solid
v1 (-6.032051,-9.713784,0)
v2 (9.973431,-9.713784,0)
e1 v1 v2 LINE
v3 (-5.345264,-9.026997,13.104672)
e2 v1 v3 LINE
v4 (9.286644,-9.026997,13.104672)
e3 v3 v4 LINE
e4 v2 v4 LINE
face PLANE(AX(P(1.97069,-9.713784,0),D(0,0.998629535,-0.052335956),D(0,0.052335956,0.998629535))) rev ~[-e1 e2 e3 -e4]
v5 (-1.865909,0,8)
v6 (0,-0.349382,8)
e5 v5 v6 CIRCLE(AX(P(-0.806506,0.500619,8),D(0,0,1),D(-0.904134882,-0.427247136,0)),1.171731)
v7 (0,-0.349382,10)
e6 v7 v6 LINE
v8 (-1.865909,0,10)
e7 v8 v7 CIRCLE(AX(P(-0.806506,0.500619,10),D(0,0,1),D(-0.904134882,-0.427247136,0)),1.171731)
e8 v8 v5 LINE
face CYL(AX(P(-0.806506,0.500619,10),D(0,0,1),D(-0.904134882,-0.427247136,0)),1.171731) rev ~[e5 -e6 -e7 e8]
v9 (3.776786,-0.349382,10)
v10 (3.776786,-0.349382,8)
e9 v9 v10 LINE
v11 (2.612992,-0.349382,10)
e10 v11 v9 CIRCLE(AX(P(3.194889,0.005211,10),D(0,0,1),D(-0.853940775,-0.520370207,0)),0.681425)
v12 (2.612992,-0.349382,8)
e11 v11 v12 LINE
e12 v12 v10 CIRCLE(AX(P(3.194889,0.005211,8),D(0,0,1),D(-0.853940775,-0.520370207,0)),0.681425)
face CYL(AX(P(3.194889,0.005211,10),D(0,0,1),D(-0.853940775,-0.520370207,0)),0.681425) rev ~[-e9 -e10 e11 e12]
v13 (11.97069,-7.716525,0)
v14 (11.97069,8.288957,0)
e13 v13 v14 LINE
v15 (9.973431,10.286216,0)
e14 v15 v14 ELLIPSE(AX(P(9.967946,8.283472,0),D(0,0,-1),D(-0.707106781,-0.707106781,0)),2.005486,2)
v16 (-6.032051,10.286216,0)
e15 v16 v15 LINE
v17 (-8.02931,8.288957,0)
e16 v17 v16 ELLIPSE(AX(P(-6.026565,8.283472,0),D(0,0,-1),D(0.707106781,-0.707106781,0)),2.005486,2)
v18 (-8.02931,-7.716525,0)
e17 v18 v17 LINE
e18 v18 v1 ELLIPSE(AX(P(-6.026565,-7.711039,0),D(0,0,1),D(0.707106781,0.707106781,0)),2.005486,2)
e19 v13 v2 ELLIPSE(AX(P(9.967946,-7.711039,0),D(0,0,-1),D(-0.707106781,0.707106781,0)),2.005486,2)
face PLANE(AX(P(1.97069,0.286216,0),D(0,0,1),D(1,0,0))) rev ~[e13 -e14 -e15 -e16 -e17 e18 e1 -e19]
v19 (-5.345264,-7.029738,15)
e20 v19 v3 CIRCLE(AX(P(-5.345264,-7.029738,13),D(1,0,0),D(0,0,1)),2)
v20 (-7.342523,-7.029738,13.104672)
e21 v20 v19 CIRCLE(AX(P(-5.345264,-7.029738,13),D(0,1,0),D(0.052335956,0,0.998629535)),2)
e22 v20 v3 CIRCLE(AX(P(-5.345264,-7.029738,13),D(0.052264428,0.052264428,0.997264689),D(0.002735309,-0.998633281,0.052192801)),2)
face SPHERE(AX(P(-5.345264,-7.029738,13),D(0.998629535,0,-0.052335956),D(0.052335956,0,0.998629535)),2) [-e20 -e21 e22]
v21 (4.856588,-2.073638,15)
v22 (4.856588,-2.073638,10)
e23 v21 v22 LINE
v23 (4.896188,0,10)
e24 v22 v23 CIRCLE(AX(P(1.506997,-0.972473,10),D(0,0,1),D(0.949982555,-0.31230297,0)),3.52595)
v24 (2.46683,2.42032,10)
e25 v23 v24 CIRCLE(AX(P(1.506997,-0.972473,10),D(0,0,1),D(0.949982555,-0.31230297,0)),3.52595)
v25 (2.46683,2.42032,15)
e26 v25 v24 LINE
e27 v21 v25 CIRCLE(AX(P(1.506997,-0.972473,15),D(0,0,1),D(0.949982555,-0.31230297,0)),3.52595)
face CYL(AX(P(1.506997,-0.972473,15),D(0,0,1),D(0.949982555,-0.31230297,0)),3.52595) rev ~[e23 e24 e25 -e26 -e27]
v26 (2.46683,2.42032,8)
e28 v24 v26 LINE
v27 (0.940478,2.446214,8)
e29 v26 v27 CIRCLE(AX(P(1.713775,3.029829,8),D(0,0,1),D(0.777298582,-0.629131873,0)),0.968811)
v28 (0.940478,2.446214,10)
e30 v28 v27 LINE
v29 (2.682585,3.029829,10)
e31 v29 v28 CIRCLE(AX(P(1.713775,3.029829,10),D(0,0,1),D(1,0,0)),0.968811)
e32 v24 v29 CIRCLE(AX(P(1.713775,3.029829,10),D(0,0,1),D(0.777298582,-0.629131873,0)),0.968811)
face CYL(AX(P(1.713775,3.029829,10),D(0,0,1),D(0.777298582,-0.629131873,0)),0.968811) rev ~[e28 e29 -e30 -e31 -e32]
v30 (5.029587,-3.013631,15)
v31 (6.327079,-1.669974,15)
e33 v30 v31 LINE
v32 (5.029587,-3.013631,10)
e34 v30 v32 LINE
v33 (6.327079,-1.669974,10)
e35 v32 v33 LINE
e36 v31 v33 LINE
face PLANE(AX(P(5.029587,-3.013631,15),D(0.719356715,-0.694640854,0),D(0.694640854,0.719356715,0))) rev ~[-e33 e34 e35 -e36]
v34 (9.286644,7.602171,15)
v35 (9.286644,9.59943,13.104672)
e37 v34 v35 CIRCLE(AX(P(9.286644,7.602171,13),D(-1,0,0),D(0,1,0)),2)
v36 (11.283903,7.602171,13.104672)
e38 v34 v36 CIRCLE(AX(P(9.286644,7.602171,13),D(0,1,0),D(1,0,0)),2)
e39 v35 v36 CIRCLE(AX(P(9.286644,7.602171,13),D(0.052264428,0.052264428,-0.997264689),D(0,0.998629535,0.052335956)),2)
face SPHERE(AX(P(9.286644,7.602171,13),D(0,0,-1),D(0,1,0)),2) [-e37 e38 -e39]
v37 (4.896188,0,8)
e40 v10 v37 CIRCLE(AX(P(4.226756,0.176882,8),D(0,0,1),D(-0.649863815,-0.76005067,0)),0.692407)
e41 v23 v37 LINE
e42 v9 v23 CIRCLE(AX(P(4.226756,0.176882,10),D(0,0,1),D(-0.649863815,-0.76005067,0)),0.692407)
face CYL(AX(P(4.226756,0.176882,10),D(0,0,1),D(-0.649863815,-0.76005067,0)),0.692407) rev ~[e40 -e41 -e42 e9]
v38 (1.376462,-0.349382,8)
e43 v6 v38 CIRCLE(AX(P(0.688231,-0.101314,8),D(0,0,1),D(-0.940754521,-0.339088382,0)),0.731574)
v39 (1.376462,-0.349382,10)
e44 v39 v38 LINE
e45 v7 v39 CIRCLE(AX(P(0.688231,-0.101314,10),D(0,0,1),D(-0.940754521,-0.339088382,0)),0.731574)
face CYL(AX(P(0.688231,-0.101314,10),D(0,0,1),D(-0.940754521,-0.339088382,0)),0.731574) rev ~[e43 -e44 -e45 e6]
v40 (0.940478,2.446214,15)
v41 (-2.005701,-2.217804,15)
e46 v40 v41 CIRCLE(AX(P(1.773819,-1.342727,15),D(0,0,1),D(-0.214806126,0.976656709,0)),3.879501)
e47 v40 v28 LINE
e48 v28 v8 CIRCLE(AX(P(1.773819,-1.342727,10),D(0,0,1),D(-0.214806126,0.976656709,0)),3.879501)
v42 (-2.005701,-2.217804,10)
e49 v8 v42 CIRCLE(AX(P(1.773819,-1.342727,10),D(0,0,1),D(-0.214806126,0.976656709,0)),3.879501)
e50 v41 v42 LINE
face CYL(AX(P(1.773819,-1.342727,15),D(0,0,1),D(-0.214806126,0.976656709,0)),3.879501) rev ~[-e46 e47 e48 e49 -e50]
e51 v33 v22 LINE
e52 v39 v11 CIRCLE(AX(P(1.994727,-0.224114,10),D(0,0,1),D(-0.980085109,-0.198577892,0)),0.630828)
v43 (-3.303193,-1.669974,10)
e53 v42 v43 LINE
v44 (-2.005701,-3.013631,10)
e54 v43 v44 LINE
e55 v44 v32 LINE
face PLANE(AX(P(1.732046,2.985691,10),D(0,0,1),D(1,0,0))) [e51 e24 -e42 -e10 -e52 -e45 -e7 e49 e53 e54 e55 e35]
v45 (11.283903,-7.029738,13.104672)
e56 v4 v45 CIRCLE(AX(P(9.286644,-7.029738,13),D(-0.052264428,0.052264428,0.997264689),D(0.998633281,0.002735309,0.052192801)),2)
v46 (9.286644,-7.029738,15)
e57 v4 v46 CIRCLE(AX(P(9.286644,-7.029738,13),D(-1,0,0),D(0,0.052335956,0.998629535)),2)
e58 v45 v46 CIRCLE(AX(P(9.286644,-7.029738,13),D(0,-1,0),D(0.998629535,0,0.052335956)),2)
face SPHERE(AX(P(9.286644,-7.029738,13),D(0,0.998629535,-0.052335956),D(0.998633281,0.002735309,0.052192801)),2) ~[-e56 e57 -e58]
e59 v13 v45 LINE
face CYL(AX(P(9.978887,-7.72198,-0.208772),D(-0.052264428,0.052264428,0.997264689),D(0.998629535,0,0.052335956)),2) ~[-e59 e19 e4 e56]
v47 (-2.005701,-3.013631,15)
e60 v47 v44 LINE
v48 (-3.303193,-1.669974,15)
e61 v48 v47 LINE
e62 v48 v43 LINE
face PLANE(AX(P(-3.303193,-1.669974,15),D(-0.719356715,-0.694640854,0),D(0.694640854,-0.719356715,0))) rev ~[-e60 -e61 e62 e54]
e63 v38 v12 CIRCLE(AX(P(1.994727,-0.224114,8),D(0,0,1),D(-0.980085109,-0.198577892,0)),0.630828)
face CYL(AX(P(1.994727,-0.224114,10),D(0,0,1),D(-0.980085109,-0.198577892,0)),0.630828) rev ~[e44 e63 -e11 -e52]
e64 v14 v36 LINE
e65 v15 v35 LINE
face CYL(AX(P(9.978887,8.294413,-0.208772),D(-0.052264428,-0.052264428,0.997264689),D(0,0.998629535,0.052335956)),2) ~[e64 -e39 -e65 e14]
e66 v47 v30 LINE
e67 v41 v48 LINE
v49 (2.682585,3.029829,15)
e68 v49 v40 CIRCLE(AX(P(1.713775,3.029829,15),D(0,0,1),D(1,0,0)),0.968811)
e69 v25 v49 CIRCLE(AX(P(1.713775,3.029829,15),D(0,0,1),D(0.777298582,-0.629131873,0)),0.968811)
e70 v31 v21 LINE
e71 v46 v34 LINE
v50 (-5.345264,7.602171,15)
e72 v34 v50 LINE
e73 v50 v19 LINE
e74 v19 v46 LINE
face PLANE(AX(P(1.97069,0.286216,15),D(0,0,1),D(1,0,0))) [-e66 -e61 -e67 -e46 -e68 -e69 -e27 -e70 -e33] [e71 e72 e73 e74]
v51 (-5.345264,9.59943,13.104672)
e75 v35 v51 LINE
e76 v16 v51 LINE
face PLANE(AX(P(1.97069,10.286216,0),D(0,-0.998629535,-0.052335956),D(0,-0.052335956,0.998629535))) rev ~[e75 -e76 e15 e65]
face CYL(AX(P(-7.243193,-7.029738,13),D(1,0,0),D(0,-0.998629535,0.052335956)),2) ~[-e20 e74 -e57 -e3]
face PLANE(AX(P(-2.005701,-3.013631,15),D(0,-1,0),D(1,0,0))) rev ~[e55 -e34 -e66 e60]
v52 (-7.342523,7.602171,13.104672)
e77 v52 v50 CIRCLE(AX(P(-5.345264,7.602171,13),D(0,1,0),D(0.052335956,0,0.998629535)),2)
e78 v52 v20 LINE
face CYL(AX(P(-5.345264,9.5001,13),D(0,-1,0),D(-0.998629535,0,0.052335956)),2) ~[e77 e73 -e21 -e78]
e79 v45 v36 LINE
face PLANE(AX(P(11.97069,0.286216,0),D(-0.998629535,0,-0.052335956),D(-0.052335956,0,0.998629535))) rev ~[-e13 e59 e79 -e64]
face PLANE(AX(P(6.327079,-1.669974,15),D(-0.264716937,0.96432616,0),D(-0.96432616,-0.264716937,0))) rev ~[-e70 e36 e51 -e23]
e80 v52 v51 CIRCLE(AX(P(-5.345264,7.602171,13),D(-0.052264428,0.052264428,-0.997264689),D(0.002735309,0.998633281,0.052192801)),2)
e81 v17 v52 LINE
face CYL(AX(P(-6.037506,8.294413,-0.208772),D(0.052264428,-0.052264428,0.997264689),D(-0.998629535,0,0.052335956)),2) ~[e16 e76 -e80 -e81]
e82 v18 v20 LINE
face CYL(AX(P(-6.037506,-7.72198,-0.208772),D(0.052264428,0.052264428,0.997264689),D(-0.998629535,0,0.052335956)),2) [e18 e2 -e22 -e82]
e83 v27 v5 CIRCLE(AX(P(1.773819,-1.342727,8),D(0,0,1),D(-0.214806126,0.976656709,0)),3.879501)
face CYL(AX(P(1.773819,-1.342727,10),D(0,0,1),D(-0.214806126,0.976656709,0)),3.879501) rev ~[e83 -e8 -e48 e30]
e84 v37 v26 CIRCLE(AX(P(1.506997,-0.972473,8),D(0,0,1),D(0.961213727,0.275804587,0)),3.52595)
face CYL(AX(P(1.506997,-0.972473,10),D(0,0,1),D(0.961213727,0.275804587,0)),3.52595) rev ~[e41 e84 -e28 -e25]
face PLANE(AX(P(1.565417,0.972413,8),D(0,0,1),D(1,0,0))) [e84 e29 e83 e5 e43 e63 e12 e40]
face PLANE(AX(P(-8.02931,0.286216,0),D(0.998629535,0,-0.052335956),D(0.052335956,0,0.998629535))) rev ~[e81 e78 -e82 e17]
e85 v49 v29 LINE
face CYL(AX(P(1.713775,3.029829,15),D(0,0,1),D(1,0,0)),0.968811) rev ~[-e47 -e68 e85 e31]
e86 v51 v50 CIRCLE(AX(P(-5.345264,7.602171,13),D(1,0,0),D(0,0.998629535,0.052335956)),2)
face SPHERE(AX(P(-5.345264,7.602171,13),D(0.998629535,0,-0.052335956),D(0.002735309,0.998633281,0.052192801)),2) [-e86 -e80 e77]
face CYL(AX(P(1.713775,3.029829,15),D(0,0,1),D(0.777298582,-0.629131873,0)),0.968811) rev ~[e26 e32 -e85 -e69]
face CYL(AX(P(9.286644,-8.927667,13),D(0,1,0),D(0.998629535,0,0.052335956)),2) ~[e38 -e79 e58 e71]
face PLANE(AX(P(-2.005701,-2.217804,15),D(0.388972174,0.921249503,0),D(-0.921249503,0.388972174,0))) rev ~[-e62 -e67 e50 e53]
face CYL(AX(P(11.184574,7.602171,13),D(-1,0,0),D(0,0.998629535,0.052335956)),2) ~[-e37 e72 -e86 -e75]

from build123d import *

# Parameters (mm, degrees)
F0_W     = 20
F0_H     = 20
F1_DEPTH = 15
F1_TAPER = 3
F2_R     = 2
F4_DEPTH = 5
F6_DEPTH = 2


with BuildPart() as f1:
    # F0 (on Top) → F1 (new body)
    with BuildSketch(Plane.XY):
        with Locations((1.9706902094, 0.2862163961)):
            Rectangle(F0_W, F0_H)
    extrude(amount=F1_DEPTH, taper=F1_TAPER)

    # F2
    f2_edges = [f1.edges().sort_by_distance(p)[0] for p in [
        (11.577632, 9.893158, 7.5),
        (1.97069, 9.5001, 15),
        (-7.636251, 9.893158, 7.5),
        (11.184574, 0.286216, 15),
        (11.577632, -9.320725, 7.5),
        (1.97069, -8.927667, 15),
        (-7.243193, 0.286216, 15),
        (-7.636251, -9.320725, 7.5),
    ]]
    fillet(f2_edges, radius=F2_R)

    # F3 (on face) → F4 (cut)
    with BuildSketch(Plane.XY.offset(15)):
        with BuildLine():
            ThreePointArc((2.4668298597, 2.420319631), (2.6270550618, 2.7065444383), (2.6825853886, 3.0298293568))
            ThreePointArc((2.6825853886, 3.0298293568), (1.4060278584, 3.9484621473), (0.9404779675, 2.446214288))
            ThreePointArc((0.9404779675, 2.446214288), (1.6973410612, 2.0611579891), (2.4668298597, 2.420319631))
        make_face()
        with BuildLine():
            ThreePointArc((2.4668298597, 2.420319631), (1.6973410612, 2.0611579891), (0.9404779675, 2.446214288))
            ThreePointArc((0.9404779675, 2.446214288), (-1.5061031251, 0.7291430041), (-2.005701419, -2.2178036161))
            Line((-2.005701419, -2.2178036161), (-3.3031930216, -1.6699736007))
            Line((-3.3031930216, -1.6699736007), (-2.005701419, -3.0136309616))
            Line((-2.005701419, -3.0136309616), (5.0295870751, -3.0136309616))
            Line((5.0295870751, -3.0136309616), (6.3270786777, -1.6699736007))
            Line((6.3270786777, -1.6699736007), (4.8565878533, -2.0736376755))
            ThreePointArc((4.8565878533, -2.0736376755), (4.6201459688, 0.6830104281), (2.4668298597, 2.420319631))
        make_face()
    extrude(amount=-F4_DEPTH, mode=Mode.SUBTRACT)

    # F5 (on face) → F6 (cut)
    with BuildSketch(Plane.XY.offset(10)):
        with BuildLine():
            ThreePointArc((0.9404779675, 2.446214288), (-0.7753137079, 1.5817313603), (-1.8659088252, 0))
            ThreePointArc((-1.8659088252, 0), (-1.0221589161, -0.6510962238), (0, -0.3493822005))
            ThreePointArc((0, -0.3493822005), (0.6882312009, -0.8328877124), (1.3764624018, -0.3493822005))
            ThreePointArc((1.3764624018, -0.3493822005), (1.9947274122, -0.8549416092), (2.6129924227, -0.3493822005))
            ThreePointArc((2.6129924227, -0.3493822005), (3.1948891701, -0.6762140192), (3.7767859176, -0.3493822005))
            ThreePointArc((3.7767859176, -0.3493822005), (4.4330516654, -0.4840787766), (4.8961884025, 0))
            ThreePointArc((4.8961884025, 0), (3.9955688533, 1.5253924233), (2.4668298597, 2.420319631))
            ThreePointArc((2.4668298597, 2.420319631), (1.7302082041, 3.9985007245), (0.9404779675, 2.446214288))
        make_face()
    extrude(amount=-F6_DEPTH, mode=Mode.SUBTRACT)


solid = f1.part
